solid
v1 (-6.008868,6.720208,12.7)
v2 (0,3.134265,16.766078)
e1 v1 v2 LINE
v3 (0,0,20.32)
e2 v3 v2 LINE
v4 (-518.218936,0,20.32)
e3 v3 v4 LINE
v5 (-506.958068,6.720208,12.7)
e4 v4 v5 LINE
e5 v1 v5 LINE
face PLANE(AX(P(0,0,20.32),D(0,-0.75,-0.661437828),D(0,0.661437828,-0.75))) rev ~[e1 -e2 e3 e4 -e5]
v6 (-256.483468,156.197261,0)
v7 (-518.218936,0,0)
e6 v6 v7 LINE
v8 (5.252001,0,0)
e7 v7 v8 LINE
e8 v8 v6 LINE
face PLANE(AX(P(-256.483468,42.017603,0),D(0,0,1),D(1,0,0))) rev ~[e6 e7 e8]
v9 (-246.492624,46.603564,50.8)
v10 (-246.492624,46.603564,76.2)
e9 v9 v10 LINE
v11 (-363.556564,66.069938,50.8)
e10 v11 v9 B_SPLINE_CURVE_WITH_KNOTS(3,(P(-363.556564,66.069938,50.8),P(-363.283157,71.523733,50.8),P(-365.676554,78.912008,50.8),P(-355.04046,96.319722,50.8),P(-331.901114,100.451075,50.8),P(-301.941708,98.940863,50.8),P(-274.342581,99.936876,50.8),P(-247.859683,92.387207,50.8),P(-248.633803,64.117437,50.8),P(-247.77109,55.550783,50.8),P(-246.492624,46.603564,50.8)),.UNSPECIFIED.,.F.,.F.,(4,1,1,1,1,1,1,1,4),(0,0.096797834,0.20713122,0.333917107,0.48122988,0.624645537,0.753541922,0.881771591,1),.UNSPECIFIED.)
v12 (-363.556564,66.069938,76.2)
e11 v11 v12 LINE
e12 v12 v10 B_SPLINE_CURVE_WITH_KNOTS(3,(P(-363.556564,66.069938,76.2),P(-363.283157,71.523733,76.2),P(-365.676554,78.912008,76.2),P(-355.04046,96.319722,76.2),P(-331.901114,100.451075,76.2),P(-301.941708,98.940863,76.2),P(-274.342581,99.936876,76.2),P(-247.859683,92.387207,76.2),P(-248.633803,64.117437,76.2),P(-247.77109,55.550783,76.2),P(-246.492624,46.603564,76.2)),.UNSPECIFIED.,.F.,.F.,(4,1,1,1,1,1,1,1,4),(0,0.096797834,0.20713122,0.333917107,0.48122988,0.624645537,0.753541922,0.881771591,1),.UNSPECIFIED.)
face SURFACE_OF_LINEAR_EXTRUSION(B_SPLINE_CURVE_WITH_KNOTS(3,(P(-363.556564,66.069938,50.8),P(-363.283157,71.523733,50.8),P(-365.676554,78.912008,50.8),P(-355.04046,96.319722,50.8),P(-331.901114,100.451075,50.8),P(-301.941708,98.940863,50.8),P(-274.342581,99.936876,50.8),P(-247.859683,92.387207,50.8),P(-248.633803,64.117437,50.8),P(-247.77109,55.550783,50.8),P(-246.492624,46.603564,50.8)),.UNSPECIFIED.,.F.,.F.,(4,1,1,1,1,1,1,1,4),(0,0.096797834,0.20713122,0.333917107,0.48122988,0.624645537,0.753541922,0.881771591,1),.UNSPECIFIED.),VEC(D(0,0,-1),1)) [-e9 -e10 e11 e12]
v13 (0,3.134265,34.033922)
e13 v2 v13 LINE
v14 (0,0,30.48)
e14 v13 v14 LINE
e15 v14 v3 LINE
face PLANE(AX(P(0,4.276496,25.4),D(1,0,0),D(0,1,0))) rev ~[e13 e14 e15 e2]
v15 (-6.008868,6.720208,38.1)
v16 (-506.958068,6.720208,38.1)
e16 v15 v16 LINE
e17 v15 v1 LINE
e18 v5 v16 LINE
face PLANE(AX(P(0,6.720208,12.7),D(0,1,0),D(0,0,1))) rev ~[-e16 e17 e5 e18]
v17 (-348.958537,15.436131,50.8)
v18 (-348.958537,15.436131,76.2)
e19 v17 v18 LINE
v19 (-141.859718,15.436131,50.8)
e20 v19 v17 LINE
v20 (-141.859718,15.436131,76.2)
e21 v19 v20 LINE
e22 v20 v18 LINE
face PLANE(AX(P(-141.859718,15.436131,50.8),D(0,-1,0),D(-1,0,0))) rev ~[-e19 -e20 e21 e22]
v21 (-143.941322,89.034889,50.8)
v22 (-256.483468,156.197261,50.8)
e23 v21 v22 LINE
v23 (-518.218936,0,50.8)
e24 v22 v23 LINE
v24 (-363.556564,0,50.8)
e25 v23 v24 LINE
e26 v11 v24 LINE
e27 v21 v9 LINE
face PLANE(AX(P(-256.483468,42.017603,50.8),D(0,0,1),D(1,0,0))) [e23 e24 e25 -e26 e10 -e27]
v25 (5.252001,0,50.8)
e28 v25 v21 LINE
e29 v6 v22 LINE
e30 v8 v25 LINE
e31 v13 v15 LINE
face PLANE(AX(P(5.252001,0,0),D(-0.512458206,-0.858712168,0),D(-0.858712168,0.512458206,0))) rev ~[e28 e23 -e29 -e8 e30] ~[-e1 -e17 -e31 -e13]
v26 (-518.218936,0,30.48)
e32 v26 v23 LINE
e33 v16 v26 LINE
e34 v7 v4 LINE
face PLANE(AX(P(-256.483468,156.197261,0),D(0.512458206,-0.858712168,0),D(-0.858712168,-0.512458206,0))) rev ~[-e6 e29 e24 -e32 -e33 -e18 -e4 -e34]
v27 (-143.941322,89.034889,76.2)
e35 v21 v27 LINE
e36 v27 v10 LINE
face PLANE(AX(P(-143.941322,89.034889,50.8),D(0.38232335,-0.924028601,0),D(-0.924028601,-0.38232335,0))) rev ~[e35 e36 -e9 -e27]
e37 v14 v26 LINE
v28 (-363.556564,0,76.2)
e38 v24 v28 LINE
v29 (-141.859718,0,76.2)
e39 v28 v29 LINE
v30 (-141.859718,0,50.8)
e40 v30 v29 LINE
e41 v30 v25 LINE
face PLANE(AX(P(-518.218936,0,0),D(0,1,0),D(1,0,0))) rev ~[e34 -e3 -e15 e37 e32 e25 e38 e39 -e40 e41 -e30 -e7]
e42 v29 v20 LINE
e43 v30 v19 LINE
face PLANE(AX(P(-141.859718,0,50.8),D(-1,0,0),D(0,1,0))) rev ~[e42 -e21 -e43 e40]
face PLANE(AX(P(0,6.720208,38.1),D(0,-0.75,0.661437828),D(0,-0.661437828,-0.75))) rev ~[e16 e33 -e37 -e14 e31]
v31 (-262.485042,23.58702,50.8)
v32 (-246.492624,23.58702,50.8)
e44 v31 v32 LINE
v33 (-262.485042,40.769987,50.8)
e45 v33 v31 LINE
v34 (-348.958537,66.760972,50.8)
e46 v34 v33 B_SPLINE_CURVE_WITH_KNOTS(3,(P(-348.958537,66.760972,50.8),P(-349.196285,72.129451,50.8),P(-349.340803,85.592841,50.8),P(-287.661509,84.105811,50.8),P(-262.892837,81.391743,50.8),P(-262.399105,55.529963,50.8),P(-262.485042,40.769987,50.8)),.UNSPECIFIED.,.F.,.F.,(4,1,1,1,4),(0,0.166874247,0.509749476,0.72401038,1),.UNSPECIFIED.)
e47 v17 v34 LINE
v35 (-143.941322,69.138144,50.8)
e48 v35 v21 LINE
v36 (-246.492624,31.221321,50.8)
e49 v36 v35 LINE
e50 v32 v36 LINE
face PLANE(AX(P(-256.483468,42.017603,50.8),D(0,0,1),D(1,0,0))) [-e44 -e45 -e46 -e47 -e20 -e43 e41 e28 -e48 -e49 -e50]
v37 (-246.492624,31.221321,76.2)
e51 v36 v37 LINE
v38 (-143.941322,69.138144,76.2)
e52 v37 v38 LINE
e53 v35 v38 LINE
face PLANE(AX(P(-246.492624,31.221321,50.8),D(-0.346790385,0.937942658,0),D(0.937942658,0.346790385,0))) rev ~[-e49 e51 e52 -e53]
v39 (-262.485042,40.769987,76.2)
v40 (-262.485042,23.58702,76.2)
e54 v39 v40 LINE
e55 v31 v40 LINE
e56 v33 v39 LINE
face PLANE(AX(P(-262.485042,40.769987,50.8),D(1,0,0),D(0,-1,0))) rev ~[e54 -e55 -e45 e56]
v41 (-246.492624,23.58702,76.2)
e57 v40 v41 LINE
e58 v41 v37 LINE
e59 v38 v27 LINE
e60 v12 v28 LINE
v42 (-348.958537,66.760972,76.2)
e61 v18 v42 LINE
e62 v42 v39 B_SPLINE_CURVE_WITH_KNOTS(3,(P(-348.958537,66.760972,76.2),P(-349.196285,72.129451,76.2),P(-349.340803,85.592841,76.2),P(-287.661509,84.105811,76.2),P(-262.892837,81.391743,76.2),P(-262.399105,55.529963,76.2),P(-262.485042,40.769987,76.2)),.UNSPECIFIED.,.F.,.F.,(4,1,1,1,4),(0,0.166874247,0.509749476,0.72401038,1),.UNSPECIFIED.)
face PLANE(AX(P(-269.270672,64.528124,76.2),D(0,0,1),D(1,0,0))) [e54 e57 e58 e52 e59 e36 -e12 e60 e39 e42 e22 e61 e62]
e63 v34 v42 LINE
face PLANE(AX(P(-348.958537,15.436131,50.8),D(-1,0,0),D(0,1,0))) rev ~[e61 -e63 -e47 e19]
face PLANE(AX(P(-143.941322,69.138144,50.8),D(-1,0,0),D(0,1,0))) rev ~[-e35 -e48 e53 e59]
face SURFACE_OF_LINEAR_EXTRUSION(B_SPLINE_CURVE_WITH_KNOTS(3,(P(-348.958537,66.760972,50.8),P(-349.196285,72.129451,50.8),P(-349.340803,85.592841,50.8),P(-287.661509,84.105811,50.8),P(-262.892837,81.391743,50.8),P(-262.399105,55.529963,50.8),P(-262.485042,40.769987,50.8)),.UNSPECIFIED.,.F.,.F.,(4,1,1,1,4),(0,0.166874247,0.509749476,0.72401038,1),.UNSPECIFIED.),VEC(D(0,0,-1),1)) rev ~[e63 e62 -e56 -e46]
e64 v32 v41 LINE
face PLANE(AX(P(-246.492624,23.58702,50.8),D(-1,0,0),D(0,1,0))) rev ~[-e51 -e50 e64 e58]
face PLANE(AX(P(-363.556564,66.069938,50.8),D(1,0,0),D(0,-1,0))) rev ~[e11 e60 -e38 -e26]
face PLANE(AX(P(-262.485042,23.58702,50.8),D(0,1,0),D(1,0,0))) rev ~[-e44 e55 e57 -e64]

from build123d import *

# Parameters (mm, degrees)
F1_DEPTH = 50.8
F3_DEPTH = 518.2199364311
F5_DEPTH = 25.4


with BuildPart() as f1:
    # F0 (on Top) → F1 (new body)
    with BuildSketch(Plane.XY):
        Polygon((-256.483467652, 156.1972611251), (-518.2189364311, 0), (5.2520011271, 0), align=None)
    extrude(amount=F1_DEPTH)

    # F2 (on Right) → F3 (cut, through all)
    with BuildSketch(Plane.YZ):
        Polygon((6.7202083301, 38.1), (0, 30.48), (0, 20.32), (6.7202083301, 12.7), align=None)
    extrude(amount=-F3_DEPTH, mode=Mode.SUBTRACT)

    # F4 (on face) → F5 (join)
    with BuildSketch(Plane.XY.offset(50.8)):
        with BuildLine():
            Line((-363.5565638542, 66.0699382424), (-363.5565638542, 15.4361305758))
            Line((-363.5565638542, 15.4361305758), (-348.9585369825, 15.4361305758))
            Line((-348.9585369825, 15.4361305758), (-348.9585369825, 66.7609721422))
            add(Edge.make_bspline(
                [(-348.9585369825, 66.7609721422), (-349.1962850094, 72.1294507384), (-349.340803371, 85.5928406176), (-287.6615089898, 84.1058113884), (-262.8928370601, 81.391743052), (-262.399105211, 55.5299626512), (-262.4850422144, 40.7699868083)],
                knots=[0, 0, 0, 0, 0.1668742466, 0.5097494757, 0.7240103804, 1, 1, 1, 1], degree=3))
            Line((-262.4850422144, 40.7699868083), (-262.4850422144, 23.5870201141))
            Line((-262.4850422144, 23.5870201141), (-246.4926242828, 23.5870201141))
            Line((-246.4926242828, 23.5870201141), (-246.4926242828, 31.2213213871))
            Line((-246.4926242828, 31.2213213871), (-143.9413215727, 69.1381444045))
            Line((-143.9413215727, 69.1381444045), (-143.9413215727, 89.0348888997))
            Line((-143.9413215727, 89.0348888997), (-246.4926242828, 46.603564173))
            add(Edge.make_bspline(
                [(-363.5565638542, 66.0699382424), (-363.2831573486, 71.5237334371), (-365.6765544545, 78.9120083056), (-355.040460294, 96.3197217064), (-331.9011142788, 100.4510749559), (-301.9417077036, 98.9408625209), (-274.3425806674, 99.936876108), (-247.8596834541, 92.3872071167), (-248.6338026523, 64.1174365029), (-247.7710895443, 55.5507833564), (-246.4926242828, 46.603564173)],
                knots=[0, 0, 0, 0, 0.0967978336, 0.2071312198, 0.3339171066, 0.4812298803, 0.6246455368, 0.7535419216, 0.8817715915, 1, 1, 1, 1], degree=3))
        make_face()
        Polygon((-363.5565638542, 15.4361305758), (-363.5565638542, 0), (-141.8597176671, 0), (-141.8597176671, 15.4361305758), (-348.9585369825, 15.4361305758), align=None)
    extrude(amount=F5_DEPTH)


solid = f1.part
